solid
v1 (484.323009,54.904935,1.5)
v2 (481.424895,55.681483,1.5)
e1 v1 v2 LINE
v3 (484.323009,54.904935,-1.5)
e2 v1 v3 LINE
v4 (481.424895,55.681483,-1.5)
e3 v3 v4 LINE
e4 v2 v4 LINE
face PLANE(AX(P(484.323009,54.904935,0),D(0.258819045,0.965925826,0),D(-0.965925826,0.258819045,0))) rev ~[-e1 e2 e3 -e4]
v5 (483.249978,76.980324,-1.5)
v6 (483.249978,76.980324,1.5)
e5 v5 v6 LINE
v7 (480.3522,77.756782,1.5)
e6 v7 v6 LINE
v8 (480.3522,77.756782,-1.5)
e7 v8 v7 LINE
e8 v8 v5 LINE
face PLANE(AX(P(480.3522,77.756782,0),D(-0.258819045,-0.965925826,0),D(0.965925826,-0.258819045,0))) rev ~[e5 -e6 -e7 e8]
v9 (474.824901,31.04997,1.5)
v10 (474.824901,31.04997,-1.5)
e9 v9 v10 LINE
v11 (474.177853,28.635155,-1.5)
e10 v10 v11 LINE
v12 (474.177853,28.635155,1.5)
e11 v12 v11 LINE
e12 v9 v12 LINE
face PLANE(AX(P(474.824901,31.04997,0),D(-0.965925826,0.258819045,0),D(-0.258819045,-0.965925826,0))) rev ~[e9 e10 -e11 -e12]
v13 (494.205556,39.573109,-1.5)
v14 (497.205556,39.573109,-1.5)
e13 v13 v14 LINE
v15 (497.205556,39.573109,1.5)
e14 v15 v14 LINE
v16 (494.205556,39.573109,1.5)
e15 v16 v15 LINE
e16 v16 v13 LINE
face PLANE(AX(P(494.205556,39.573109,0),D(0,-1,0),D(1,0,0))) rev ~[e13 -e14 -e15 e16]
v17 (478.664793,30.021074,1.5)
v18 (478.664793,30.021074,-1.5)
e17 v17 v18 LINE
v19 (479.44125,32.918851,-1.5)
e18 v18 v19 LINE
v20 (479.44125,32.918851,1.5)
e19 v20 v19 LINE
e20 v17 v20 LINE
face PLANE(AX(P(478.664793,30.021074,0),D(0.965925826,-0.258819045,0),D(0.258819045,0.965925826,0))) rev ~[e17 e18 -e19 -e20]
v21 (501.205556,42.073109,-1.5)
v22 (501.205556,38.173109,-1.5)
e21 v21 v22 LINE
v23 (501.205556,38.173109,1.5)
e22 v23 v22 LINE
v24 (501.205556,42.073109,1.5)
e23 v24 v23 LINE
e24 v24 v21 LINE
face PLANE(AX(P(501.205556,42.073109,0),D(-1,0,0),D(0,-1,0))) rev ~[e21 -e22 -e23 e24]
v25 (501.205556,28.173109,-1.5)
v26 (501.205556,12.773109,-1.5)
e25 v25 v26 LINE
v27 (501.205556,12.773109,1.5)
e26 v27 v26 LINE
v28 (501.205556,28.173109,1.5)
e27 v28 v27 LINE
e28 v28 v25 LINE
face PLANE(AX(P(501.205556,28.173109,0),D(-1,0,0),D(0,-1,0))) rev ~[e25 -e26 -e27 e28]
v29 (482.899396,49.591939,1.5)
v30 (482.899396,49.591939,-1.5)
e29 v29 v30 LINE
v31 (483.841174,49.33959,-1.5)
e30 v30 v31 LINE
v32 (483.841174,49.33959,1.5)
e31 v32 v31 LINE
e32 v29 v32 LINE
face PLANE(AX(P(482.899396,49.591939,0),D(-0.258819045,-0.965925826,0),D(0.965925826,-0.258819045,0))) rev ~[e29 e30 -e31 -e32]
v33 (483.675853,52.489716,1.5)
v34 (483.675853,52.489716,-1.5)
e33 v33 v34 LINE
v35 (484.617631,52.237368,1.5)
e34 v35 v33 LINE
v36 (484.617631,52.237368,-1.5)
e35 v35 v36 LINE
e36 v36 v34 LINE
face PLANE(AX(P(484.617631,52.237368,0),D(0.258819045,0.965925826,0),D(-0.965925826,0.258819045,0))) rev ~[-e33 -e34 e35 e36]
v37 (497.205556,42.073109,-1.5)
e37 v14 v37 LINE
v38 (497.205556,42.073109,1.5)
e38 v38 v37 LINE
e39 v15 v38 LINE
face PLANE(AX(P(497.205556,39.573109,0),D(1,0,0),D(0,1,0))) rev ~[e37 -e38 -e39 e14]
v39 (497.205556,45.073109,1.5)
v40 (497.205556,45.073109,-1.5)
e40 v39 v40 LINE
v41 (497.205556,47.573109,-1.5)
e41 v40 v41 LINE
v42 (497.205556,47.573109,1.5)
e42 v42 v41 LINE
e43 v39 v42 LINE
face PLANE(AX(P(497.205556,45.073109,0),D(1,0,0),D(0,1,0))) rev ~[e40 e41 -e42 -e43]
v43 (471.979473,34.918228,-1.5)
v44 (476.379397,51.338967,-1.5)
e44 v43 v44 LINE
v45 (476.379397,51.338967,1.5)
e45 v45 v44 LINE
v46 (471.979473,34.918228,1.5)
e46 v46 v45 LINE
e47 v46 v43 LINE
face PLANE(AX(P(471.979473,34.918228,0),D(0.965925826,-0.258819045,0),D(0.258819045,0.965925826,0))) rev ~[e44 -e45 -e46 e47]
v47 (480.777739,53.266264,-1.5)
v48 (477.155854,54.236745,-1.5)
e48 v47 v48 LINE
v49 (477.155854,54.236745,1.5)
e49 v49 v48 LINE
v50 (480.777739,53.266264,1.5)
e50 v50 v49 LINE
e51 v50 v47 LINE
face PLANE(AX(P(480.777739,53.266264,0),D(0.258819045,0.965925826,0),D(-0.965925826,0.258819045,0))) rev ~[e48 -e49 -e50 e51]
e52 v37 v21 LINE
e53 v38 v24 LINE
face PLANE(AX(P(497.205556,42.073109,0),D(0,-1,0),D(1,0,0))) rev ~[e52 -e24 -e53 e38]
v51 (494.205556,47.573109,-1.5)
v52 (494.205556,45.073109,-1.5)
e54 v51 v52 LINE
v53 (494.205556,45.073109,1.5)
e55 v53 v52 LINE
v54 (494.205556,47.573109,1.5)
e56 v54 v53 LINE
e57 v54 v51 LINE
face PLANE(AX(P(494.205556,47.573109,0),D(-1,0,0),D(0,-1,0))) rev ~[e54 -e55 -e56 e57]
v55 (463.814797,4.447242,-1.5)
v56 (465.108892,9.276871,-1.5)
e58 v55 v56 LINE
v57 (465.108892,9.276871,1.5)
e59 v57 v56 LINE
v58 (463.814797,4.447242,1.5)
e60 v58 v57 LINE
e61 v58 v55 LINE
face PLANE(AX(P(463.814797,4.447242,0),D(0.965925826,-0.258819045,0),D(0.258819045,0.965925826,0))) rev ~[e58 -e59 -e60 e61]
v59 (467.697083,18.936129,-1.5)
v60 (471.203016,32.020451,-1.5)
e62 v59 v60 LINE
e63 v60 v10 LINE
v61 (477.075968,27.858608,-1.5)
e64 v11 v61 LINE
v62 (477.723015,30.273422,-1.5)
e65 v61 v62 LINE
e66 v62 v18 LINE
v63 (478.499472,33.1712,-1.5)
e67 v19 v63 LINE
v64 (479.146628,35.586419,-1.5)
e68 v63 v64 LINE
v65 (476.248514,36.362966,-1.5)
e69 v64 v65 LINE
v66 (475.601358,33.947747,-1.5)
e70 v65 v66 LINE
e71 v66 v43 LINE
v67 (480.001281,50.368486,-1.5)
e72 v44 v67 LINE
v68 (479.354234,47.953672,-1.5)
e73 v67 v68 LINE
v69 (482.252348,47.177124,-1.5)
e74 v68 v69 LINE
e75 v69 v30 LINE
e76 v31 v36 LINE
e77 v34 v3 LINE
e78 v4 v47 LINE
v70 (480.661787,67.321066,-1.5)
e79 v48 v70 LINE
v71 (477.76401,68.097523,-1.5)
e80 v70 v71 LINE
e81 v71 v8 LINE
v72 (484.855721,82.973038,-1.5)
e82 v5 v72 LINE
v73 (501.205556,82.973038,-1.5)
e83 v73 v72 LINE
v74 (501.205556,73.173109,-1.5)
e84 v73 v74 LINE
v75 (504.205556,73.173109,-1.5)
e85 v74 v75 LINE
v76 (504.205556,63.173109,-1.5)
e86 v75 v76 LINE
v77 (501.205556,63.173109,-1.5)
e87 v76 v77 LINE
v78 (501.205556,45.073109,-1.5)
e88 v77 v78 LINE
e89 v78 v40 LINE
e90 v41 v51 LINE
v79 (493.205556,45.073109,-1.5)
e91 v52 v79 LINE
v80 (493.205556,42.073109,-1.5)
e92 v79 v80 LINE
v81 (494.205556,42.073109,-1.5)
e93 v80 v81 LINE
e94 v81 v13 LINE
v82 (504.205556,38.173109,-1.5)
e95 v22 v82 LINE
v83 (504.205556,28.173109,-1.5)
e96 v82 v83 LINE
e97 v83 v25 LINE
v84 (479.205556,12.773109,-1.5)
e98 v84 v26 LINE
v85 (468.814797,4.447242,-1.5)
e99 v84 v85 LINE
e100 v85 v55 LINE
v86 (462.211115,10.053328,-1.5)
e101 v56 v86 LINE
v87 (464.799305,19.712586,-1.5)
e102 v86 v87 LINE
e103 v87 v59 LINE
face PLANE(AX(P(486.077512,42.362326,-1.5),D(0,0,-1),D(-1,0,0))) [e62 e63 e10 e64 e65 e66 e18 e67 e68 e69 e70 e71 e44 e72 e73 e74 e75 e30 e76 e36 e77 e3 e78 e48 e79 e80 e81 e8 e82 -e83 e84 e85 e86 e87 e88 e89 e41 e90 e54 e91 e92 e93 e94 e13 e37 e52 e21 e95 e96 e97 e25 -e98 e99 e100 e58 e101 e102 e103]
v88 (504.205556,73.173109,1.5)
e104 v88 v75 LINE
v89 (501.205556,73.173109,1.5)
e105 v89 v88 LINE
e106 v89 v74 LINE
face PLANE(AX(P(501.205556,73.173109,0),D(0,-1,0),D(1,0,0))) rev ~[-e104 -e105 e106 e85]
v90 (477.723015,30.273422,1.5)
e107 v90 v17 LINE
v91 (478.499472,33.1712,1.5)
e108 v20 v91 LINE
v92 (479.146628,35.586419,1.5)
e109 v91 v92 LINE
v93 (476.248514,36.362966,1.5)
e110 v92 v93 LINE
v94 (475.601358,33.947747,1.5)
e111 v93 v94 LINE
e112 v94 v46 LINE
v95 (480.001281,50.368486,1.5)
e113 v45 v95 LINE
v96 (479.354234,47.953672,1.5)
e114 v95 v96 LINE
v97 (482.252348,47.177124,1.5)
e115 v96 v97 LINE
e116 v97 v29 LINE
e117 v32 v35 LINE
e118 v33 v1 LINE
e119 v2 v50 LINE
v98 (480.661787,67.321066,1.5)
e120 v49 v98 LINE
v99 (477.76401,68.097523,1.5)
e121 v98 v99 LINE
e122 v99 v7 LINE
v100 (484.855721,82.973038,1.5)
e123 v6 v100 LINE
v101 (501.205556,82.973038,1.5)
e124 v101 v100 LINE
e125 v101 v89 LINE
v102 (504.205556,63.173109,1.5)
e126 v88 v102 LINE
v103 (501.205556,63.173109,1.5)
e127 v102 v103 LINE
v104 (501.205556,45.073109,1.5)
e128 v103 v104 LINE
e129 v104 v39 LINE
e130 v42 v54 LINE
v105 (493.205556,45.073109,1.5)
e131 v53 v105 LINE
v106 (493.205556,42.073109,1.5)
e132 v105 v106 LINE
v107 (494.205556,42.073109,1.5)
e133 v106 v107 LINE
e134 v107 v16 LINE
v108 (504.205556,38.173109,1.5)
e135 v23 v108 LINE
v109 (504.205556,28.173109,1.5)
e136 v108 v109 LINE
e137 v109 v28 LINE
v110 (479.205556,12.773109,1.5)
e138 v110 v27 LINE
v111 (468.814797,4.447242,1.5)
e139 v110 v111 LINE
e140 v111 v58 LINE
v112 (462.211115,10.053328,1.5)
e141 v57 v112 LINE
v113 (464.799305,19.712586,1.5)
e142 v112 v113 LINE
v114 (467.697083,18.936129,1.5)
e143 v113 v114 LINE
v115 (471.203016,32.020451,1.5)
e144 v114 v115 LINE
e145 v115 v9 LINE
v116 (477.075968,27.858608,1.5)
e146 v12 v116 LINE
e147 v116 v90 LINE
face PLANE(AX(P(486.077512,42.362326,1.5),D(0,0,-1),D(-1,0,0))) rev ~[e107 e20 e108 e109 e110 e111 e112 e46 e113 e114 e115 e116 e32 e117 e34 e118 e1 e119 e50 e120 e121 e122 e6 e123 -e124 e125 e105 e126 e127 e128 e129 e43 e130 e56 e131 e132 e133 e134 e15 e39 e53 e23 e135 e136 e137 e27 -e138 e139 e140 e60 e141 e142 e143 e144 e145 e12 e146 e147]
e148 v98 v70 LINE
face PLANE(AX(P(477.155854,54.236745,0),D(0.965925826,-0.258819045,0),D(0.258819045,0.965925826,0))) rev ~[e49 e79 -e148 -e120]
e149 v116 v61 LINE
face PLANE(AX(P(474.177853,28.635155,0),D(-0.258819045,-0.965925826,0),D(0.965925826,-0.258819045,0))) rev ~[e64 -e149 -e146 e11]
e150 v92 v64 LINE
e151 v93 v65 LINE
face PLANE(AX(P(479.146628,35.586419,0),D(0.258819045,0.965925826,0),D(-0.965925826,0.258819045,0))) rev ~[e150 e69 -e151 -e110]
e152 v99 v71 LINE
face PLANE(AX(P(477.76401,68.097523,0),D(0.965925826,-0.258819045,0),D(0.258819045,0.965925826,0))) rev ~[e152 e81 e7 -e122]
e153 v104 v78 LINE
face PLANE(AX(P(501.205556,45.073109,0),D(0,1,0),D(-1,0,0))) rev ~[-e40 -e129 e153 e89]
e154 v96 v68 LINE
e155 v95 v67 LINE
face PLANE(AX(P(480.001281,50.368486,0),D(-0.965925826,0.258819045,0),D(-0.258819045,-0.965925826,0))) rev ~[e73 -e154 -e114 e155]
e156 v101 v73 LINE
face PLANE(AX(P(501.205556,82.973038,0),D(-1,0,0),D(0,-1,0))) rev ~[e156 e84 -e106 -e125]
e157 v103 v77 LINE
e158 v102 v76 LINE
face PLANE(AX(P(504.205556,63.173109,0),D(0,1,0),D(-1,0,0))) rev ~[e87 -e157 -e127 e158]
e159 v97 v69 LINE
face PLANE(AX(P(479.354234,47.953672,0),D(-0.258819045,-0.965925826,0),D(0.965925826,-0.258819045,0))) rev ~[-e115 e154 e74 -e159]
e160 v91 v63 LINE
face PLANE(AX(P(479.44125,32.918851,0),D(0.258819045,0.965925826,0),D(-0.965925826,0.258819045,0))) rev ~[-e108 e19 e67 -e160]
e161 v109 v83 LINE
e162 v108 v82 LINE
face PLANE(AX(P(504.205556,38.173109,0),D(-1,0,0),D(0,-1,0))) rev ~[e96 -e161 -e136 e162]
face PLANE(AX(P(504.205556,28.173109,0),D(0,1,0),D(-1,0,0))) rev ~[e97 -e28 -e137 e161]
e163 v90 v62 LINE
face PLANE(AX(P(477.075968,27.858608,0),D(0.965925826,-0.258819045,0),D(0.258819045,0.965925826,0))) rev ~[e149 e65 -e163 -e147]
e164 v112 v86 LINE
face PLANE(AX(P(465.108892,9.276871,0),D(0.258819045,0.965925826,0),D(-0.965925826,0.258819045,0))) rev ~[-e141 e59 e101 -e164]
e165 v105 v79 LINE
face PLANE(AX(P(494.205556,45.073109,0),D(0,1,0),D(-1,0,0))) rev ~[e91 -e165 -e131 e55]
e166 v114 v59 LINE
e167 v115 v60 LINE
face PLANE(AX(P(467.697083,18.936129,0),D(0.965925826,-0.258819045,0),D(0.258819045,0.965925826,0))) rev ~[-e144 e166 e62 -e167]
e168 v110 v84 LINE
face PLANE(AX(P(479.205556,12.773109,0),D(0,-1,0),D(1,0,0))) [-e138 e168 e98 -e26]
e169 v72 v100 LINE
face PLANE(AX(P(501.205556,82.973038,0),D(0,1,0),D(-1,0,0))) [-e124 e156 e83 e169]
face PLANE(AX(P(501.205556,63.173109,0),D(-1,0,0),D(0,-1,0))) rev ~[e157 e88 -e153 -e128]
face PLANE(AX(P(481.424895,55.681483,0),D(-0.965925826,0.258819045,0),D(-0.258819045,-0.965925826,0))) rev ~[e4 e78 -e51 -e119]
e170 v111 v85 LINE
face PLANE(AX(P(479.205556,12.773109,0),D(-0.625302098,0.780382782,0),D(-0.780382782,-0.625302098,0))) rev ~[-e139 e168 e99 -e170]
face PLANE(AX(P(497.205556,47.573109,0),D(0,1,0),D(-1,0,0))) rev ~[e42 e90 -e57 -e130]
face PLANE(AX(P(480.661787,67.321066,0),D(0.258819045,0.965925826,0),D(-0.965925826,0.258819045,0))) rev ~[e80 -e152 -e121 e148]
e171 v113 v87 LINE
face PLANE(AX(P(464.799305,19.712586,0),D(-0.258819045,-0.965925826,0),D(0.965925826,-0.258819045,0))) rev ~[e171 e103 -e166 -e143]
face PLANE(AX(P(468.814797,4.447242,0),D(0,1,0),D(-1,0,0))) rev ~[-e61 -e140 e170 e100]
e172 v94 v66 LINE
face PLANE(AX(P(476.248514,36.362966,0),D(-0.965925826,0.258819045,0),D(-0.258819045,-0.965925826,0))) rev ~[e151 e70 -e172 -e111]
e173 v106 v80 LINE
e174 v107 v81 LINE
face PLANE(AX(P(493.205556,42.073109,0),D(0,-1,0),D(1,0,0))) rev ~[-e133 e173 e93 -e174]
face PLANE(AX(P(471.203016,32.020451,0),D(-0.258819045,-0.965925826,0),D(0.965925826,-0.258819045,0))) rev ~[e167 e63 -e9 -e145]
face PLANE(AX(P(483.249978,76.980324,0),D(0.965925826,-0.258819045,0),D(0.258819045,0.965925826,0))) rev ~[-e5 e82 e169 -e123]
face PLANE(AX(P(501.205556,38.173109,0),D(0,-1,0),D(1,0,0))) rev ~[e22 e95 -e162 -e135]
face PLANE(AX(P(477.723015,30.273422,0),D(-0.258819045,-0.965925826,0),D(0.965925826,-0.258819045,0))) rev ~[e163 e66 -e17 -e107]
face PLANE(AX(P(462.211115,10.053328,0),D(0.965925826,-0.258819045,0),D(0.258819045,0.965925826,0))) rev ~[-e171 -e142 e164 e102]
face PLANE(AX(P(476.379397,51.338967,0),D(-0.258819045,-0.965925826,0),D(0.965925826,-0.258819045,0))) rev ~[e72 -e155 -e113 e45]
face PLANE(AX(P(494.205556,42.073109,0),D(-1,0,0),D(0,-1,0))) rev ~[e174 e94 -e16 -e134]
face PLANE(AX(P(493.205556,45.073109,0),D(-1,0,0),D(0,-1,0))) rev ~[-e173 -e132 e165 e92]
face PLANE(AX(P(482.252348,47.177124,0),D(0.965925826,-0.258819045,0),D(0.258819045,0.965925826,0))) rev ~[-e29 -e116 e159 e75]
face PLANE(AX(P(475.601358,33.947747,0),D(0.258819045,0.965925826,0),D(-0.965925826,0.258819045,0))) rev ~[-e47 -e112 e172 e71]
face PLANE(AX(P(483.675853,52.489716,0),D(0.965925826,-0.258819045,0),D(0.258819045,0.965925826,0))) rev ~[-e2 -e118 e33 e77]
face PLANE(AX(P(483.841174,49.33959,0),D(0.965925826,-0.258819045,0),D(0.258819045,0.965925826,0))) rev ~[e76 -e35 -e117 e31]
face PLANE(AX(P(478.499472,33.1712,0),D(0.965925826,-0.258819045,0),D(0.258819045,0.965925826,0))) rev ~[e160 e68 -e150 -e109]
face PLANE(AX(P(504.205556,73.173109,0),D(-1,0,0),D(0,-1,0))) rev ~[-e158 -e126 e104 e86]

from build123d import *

# Parameters (mm, degrees)
SALIENTE_EXTRUIR1_DEPTH = 1.5


with BuildPart() as part:
    # Croquis1 → Saliente-Extruir1 (new, symmetric)
    with BuildSketch(Plane.XY):
        Polygon((484.855720511, 82.973038085), (491.215178715, 82.973038085), (501.205555648, 82.973038085), (501.205555648, 73.173108985), (504.205555648, 73.173108985), (504.205555648, 63.173108985), (501.205555648, 63.173108985), (501.205555648, 45.073108985), (497.205555648, 45.073108985), (497.205555648, 47.573108985), (494.205555648, 47.573108985), (494.205555648, 45.073108985), (493.205555648, 45.073108985), (493.205555648, 42.073108985), (494.205555648, 42.073108985), (494.205555648, 39.573108985), (497.205555648, 39.573108985), (497.205555648, 42.073108985), (501.205555648, 42.073108985), (501.205555648, 38.173108985), (504.205555648, 38.173108985), (504.205555648, 28.173108985), (501.205555648, 28.173108985), (501.205555648, 12.773108985), (494.855720505, 12.773108985), (479.205555648, 12.773108985), (468.814796849, 4.447241951), (463.814796852, 4.447241951), (465.108892077, 9.276871079), (462.2111146, 10.053328214), (464.799305049, 19.712586471), (467.697082526, 18.936129336), (471.203015891, 32.02045078), (474.824900651, 31.049969683), (474.177853039, 28.635155119), (477.075967602, 27.858607662), (477.723015214, 30.273422227), (478.664792894, 30.021073658), (479.441250029, 32.918851135), (478.499472349, 33.171199704), (479.146628347, 35.586418771), (476.248513785, 36.362966228), (475.601357786, 33.94774716), (471.979473025, 34.918228257), (476.379396799, 51.33896733), (480.001281419, 50.368486271), (479.354233806, 47.953671707), (482.252348369, 47.177124251), (482.899395981, 49.591938815), (483.841173662, 49.339590246), (484.617630796, 52.237367723), (483.675853116, 52.489716292), (484.323009115, 54.904935359), (481.424894552, 55.681482816), (480.777738553, 53.266263749), (477.155853934, 54.236744807), (480.661787289, 67.321066215), (477.764009811, 68.097523349), (480.352200261, 77.756781606), (483.249977738, 76.980324471), align=None)
    extrude(amount=SALIENTE_EXTRUIR1_DEPTH, both=True)


solid = part.part
